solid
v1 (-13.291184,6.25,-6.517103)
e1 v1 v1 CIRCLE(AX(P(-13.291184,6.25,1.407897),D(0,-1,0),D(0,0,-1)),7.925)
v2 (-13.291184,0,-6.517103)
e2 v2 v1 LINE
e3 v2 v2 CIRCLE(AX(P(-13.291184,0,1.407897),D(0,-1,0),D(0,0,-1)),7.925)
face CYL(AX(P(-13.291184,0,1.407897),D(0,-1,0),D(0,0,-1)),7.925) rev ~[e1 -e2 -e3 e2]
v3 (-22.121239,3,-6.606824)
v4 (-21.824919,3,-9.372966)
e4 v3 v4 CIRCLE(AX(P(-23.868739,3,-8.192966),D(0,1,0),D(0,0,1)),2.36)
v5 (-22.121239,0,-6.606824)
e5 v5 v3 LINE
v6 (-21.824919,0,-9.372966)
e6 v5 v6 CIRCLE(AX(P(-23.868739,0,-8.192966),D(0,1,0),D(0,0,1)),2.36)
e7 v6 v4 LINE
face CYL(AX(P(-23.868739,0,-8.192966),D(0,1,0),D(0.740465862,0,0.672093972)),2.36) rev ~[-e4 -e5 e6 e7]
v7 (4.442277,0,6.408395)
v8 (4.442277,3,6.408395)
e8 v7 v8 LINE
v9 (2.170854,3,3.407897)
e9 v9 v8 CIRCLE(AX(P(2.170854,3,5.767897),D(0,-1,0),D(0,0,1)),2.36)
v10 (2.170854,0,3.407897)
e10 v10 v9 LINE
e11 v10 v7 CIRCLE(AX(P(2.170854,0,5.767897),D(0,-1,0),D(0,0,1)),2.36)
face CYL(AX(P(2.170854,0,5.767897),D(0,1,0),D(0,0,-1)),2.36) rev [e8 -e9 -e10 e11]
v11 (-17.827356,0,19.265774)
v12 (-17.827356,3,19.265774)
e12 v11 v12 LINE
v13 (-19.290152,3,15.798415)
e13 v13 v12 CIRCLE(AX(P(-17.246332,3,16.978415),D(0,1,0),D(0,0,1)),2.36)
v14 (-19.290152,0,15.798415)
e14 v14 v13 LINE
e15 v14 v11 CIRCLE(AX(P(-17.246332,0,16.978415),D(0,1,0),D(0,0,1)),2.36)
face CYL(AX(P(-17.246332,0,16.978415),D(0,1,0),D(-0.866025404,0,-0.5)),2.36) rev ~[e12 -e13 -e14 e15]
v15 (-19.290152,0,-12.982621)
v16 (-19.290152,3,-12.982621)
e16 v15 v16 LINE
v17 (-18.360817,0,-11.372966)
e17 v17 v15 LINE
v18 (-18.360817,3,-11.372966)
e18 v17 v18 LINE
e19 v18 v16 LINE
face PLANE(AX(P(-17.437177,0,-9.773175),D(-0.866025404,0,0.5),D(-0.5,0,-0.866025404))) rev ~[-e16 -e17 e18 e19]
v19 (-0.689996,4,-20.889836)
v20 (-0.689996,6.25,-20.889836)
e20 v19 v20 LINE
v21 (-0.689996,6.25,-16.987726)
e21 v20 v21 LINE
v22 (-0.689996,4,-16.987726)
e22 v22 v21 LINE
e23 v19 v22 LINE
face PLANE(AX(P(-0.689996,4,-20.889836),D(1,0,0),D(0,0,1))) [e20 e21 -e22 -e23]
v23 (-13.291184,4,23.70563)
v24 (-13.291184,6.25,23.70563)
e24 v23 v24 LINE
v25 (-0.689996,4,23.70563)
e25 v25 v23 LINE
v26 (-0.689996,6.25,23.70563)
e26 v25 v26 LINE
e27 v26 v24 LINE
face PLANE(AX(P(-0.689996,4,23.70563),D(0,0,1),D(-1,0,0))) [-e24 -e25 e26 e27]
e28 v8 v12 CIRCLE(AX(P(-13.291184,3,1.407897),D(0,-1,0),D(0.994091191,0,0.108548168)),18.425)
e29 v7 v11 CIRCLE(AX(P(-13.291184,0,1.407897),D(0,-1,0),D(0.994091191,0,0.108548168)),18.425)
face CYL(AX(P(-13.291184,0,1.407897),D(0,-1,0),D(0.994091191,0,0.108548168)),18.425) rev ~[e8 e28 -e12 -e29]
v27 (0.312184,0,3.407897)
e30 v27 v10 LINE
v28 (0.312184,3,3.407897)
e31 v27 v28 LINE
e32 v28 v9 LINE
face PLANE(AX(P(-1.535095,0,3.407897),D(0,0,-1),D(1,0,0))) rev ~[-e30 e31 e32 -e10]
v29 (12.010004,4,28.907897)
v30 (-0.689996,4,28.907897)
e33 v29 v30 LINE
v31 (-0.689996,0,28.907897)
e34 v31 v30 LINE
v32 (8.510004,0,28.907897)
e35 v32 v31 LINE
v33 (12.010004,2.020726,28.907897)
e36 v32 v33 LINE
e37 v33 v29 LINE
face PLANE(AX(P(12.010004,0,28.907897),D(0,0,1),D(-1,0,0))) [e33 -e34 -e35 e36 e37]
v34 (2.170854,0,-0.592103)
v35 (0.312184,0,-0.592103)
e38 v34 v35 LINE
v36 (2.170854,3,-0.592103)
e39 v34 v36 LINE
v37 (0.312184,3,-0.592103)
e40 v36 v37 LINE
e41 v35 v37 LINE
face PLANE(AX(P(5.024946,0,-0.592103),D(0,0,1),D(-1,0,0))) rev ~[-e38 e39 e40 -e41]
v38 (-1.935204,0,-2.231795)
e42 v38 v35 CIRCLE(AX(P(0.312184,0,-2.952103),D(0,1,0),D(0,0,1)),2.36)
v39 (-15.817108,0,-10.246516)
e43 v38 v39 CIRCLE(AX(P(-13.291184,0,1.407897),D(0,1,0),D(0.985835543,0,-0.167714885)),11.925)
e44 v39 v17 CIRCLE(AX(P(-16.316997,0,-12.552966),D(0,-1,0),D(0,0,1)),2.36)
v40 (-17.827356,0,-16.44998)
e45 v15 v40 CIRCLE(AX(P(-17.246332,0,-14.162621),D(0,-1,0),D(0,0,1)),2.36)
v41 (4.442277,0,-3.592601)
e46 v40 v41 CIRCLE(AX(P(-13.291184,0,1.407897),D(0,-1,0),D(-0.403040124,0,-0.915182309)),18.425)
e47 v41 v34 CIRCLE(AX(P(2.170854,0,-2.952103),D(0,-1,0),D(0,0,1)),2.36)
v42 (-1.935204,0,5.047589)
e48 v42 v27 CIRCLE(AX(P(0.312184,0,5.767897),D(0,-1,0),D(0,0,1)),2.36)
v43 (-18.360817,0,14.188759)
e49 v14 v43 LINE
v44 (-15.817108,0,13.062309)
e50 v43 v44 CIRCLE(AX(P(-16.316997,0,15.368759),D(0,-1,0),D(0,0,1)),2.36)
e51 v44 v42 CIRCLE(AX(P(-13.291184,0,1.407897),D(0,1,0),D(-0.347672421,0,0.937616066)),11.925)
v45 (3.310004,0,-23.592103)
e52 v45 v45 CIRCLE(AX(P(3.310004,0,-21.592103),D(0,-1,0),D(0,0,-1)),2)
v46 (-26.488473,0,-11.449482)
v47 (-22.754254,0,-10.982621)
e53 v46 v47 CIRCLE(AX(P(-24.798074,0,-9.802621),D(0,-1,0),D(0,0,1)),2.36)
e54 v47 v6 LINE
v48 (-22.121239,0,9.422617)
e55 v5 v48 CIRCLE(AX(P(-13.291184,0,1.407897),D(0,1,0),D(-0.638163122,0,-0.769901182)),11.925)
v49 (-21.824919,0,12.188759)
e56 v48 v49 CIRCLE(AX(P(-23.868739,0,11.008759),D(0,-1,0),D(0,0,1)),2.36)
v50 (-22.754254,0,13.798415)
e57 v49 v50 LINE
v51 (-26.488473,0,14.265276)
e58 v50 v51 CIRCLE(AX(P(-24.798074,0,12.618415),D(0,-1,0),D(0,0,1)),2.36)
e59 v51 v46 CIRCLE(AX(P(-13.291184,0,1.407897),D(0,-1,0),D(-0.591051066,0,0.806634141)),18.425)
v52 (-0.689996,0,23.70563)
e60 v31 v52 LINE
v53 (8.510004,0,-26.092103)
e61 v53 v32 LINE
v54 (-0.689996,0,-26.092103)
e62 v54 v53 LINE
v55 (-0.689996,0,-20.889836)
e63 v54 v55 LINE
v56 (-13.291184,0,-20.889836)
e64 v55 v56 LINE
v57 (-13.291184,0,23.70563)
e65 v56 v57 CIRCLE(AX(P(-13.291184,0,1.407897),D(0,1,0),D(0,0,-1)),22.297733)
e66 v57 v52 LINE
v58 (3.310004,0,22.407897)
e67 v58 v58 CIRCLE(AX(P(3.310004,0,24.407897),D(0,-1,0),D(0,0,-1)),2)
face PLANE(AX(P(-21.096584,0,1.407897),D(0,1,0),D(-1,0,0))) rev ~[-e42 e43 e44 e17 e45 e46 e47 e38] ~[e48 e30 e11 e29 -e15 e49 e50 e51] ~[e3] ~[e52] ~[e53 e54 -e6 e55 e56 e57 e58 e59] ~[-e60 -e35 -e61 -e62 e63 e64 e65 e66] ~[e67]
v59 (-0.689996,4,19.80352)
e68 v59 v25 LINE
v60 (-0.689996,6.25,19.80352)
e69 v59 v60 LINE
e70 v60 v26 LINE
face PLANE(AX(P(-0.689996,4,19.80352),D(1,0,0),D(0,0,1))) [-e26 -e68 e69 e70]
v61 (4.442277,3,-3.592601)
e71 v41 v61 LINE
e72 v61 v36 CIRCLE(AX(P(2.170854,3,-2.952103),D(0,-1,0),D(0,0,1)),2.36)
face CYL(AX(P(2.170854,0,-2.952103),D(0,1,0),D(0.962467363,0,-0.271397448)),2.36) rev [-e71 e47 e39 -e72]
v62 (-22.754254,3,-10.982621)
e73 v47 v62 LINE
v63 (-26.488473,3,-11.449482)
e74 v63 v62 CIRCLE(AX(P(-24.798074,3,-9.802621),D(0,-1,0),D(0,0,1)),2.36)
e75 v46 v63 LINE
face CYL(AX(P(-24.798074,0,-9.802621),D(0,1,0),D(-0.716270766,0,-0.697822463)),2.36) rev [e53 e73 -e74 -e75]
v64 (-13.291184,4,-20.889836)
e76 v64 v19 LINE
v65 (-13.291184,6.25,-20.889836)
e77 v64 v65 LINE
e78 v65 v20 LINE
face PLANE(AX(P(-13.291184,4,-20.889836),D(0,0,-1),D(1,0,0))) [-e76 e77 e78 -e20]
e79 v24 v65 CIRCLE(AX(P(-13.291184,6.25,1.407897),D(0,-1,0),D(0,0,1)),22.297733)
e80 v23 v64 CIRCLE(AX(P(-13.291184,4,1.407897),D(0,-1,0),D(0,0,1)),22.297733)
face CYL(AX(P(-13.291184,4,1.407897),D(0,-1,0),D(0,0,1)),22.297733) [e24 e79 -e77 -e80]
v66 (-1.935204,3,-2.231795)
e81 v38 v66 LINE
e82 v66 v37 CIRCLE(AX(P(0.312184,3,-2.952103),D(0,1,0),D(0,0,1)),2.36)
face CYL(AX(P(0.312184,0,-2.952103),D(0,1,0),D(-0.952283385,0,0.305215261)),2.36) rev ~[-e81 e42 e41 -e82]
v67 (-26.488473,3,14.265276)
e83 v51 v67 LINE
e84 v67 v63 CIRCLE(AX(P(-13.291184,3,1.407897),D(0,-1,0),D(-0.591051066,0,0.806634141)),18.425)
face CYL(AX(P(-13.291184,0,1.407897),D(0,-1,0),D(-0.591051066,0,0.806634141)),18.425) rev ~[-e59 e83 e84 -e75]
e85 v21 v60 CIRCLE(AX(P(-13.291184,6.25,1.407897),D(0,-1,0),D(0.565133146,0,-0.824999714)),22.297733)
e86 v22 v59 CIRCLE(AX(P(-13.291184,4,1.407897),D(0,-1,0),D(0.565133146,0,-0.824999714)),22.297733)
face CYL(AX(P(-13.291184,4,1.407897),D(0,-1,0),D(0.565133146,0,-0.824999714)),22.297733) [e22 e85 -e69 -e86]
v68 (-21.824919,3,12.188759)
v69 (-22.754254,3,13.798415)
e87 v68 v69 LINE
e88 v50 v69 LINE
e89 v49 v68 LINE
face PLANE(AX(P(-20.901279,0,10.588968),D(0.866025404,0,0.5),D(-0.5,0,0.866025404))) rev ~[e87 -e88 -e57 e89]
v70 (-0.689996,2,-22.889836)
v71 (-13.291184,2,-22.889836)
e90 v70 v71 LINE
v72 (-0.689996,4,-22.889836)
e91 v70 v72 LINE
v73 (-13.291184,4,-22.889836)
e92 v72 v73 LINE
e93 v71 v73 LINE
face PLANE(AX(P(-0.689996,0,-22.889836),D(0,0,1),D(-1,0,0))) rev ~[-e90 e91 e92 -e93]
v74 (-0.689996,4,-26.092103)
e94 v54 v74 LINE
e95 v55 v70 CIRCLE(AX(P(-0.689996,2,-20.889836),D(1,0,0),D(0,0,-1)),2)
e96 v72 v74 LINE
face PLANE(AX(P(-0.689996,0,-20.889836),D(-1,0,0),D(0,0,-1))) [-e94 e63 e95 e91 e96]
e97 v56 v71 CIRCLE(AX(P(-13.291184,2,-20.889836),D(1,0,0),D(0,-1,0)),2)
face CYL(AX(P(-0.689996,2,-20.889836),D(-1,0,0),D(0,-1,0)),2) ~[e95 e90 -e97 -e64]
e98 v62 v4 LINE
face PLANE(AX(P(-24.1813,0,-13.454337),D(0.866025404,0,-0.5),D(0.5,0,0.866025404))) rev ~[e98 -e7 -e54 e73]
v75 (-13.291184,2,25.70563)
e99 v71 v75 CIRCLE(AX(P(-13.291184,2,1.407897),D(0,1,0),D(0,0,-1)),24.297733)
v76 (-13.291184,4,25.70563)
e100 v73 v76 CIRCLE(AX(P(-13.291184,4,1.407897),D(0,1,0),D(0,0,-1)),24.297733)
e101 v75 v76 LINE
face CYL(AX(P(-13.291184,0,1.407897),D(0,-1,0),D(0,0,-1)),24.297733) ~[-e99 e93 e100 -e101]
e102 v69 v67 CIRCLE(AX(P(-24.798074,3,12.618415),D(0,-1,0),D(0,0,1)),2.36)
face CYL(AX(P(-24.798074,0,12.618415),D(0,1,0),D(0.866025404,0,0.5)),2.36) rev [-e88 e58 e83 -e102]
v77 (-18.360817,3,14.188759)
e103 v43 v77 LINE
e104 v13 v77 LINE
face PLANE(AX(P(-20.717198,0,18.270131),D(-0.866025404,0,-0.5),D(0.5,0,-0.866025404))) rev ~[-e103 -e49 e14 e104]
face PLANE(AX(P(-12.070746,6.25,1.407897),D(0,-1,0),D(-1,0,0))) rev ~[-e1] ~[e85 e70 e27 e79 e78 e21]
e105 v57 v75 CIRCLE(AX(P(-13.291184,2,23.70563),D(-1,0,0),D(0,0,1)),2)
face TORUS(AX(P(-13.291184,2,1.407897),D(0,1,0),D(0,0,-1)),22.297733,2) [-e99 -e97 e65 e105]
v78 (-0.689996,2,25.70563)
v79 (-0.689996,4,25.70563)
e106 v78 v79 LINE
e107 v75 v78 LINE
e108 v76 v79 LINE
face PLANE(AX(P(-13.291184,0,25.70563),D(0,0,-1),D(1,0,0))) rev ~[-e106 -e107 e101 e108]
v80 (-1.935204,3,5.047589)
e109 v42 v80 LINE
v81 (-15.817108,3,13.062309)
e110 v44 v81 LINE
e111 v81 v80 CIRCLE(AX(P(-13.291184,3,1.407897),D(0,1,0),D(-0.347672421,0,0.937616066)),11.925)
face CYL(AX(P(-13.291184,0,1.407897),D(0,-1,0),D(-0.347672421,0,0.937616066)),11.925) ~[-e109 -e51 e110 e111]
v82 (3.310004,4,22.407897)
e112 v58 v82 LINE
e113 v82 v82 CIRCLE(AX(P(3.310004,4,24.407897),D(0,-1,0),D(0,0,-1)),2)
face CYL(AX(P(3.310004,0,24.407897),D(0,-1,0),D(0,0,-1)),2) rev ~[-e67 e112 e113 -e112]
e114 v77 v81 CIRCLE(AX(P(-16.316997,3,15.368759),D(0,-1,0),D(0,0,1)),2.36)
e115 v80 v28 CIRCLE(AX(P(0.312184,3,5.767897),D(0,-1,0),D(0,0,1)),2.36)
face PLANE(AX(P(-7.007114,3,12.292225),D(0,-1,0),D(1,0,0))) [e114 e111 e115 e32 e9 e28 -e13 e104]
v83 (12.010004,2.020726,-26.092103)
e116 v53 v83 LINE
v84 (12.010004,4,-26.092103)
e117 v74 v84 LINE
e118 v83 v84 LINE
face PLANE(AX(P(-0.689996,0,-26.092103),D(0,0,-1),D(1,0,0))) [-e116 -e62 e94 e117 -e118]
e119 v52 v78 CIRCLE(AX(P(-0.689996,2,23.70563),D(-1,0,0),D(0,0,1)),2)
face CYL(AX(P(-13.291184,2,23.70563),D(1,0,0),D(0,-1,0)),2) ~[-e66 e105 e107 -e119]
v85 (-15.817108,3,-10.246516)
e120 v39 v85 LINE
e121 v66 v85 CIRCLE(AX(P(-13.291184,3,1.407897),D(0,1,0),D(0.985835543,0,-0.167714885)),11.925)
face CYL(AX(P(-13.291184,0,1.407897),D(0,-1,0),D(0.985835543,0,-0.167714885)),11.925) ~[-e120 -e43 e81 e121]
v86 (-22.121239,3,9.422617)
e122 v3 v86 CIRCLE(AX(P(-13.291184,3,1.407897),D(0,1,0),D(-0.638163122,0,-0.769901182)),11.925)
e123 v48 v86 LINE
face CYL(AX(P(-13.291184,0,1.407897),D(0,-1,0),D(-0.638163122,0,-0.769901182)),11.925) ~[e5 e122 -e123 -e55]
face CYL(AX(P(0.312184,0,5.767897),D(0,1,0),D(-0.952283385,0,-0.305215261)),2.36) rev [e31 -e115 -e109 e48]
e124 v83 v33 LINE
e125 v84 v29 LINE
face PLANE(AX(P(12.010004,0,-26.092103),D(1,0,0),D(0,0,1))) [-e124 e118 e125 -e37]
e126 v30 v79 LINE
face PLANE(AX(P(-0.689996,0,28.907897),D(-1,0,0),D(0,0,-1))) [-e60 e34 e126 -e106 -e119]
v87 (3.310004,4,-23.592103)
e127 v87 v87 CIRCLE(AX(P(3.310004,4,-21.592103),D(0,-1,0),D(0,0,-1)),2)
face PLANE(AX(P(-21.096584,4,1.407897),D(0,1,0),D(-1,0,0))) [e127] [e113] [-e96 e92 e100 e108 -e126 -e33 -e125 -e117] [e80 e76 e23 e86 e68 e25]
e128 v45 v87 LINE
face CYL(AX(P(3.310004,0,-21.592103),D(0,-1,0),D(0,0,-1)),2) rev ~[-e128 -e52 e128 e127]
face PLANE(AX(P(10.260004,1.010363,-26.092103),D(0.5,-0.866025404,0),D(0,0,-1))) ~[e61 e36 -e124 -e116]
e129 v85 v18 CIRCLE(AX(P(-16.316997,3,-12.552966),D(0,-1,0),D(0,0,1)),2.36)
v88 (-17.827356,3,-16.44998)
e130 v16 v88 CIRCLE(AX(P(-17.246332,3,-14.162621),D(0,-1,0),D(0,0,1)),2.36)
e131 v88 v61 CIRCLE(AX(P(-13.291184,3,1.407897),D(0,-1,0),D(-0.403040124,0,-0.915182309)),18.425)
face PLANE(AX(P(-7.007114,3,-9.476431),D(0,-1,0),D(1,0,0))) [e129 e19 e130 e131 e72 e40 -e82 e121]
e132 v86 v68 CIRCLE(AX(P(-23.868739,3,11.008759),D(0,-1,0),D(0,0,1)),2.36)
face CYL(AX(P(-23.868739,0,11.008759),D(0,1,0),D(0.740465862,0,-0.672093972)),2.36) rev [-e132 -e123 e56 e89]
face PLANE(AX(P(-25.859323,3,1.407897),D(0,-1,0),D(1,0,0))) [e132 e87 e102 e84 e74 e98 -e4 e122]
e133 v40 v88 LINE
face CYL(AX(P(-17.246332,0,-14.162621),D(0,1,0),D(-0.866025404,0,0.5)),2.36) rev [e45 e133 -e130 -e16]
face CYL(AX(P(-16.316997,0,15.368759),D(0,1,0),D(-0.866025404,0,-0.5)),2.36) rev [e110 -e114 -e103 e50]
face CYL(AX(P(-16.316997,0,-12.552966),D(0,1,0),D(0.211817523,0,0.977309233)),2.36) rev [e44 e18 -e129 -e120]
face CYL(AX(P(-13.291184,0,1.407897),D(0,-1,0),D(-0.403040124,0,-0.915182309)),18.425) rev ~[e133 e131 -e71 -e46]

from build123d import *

# Parameters (mm, degrees)
BOSS_EXTRUDE1_DEPTH = 4
BOSS_EXTRUDE2_DEPTH = 2.25
SKETCH3_R           = 7.925
CUT_EXTRUDE1_DEPTH  = 9.25
SKETCH4_R           = 2
CUT_EXTRUDE2_DEPTH  = 9.25
CUT_EXTRUDE3_DEPTH  = 3
FILLET1_R           = 2.36
CHAMFER1_SIZE       = 3.5
CHAMFER1_SIZE2      = 2.020725942
BOSS_EXTRUDE3_DEPTH = 4
FILLET2_R           = 2


with BuildPart() as part:
    # Sketch1 → Boss-Extrude1 (new body)
    with BuildSketch(Plane(origin=(0, 0, 0), x_dir=(1, 0, 0), z_dir=(0, 1, 0))):
        with BuildLine():
            Line((-13.29118379, 20.889836125), (-0.68999579, 20.889836125))
            Line((-0.68999579, 20.889836125), (-0.68999579, 24.09210312))
            Line((-0.68999579, 24.09210312), (-0.68999579, 26.09210312))
            Line((-0.68999579, 26.09210312), (12.01000421, 26.09210312))
            Line((12.01000421, 26.09210312), (12.01000421, 24.09210312))
            Line((12.01000421, 24.09210312), (12.01000421, -26.90789688))
            Line((12.01000421, -26.90789688), (12.01000421, -28.90789688))
            Line((12.01000421, -28.90789688), (-0.68999579, -28.90789688))
            Line((-0.68999579, -28.90789688), (-0.68999579, -26.90789688))
            Line((-0.68999579, -26.90789688), (-0.68999579, -23.705629885))
            Line((-0.68999579, -23.705629885), (-13.29118379, -23.705629885))
            ThreePointArc((-13.29118379, -23.705629885), (-35.588916795, -1.40789688), (-13.29118379, 20.889836125))
        make_face()
    extrude(amount=BOSS_EXTRUDE1_DEPTH)

    # Sketch2 → Boss-Extrude2 (add)
    with BuildSketch(Plane(origin=(0, 4, 0), x_dir=(1, 0, 0), z_dir=(0, 1, 0))):
        with BuildLine():
            Line((-0.68999579, 20.889836125), (-0.68999579, 16.987726462))
            ThreePointArc((-0.68999579, 16.987726462), (9.006549215, -1.40789688), (-0.68999579, -19.803520222))
            Line((-0.68999579, -19.803520222), (-0.68999579, -23.705629885))
            Line((-0.68999579, -23.705629885), (-13.29118379, -23.705629885))
            ThreePointArc((-13.29118379, -23.705629885), (-35.588916795, -1.40789688), (-13.29118379, 20.889836125))
            Line((-13.29118379, 20.889836125), (-0.68999579, 20.889836125))
        make_face()
    extrude(amount=BOSS_EXTRUDE2_DEPTH)

    # Sketch3 → Cut-Extrude1 (cut)
    with BuildSketch(Plane.XZ):
        with Locations((-13.29118379, 1.40789688)):
            Circle(SKETCH3_R)
    extrude(amount=-CUT_EXTRUDE1_DEPTH, mode=Mode.SUBTRACT)

    # Sketch4 → Cut-Extrude2 (cut)
    with BuildSketch(Plane.XZ):
        with Locations((3.31000421, -21.59210312)):
            Circle(SKETCH4_R)
        with Locations((3.31000421, 24.40789688)):
            Circle(SKETCH4_R)
    extrude(amount=-CUT_EXTRUDE2_DEPTH, mode=Mode.SUBTRACT)

    # Sketch5 → Cut-Extrude3 (cut)
    with BuildSketch(Plane.XZ):
        with BuildLine():
            ThreePointArc((-20.901279021, -7.773174712), (-25.21618379, 1.40789688), (-20.901279021, 10.588968471))
            Line((-20.901279021, 10.588968471), (-24.18129969, 16.27013092))
            ThreePointArc((-24.18129969, 16.27013092), (-31.71618379, 1.40789688), (-24.18129969, -13.454337161))
            Line((-24.18129969, -13.454337161), (-20.901279021, -7.773174712))
        make_face()
        with BuildLine():
            Line((-20.717198075, 18.27013092), (-17.437177406, 12.588968471))
            ThreePointArc((-17.437177406, 12.588968471), (-7.32868379, 11.73524982), (-1.535094942, 3.40789688))
            Line((-1.535094942, 3.40789688), (5.024946397, 3.40789688))
            ThreePointArc((5.024946397, 3.40789688), (-4.07868379, 17.364414944), (-20.717198075, 18.27013092))
        make_face()
        with BuildLine():
            ThreePointArc((-1.535094942, -0.59210312), (-7.32868379, -8.91945606), (-17.437177406, -9.773174712))
            Line((-17.437177406, -9.773174712), (-20.717198075, -15.454337161))
            ThreePointArc((-20.717198075, -15.454337161), (-4.07868379, -14.548621185), (5.024946397, -0.59210312))
            Line((5.024946397, -0.59210312), (-1.535094942, -0.59210312))
        make_face()
    extrude(amount=-CUT_EXTRUDE3_DEPTH, mode=Mode.SUBTRACT)

    # Fillet1
    fillet1_edges = [part.edges().sort_by_distance(p)[0] for p in [
        (5.024946397, 1.5, 3.40789688),
        (-1.535094942, 1.5, 3.40789688),
        (5.024946397, 1.5, -0.59210312),
        (-24.18129969, 1.5, 16.27013092),
        (-20.717198075, 1.5, 18.27013092),
        (-1.535094942, 1.5, -0.59210312),
        (-20.717198075, 1.5, -15.454337161),
        (-20.901279021, 1.5, 10.588968471),
        (-20.901279021, 1.5, -7.773174712),
        (-24.18129969, 1.5, -13.454337161),
        (-17.437177406, 1.5, -9.773174712),
        (-17.437177406, 1.5, 12.588968471),
    ]]
    fillet(fillet1_edges, radius=FILLET1_R)

    # Chamfer1
    chamfer1_edges = [part.edges().sort_by_distance(p)[0] for p in [
        (12.01000421, 0, 1.40789688),
    ]]
    chamfer1_side = [part.faces().sort_by_distance(p)[0] for p in [
        (-3.714999267, 0, 17.994335016),
    ]]
    chamfer(chamfer1_edges, length=CHAMFER1_SIZE, length2=CHAMFER1_SIZE2, reference=chamfer1_side[0])

    # Sketch6 → Boss-Extrude3 (add)
    with BuildSketch(Plane.XZ):
        with BuildLine():
            Line((-0.68999579, -22.889836125), (-13.29118379, -22.889836125))
            ThreePointArc((-13.29118379, -22.889836125), (-37.588916795, 1.40789688), (-13.29118379, 25.705629885))
            Line((-13.29118379, 25.705629885), (-0.68999579, 25.705629885))
            Line((-0.68999579, 25.705629885), (-0.68999579, 23.705629885))
            Line((-0.68999579, 23.705629885), (-13.29118379, 23.705629885))
            ThreePointArc((-13.29118379, 23.705629885), (-35.588916795, 1.40789688), (-13.29118379, -20.889836125))
            Line((-13.29118379, -20.889836125), (-0.68999579, -20.889836125))
            Line((-0.68999579, -20.889836125), (-0.68999579, -22.889836125))
        make_face()
    extrude(amount=-BOSS_EXTRUDE3_DEPTH)

    # Fillet2
    fillet2_edges = [part.edges().sort_by_distance(p)[0] for p in [
        (-6.99058979, 0, 25.705629885),
        (-6.99058979, 0, -22.889836125),
        (-37.588916795, 0, 1.40789688),
    ]]
    fillet(fillet2_edges, radius=FILLET2_R)


solid = part.part
